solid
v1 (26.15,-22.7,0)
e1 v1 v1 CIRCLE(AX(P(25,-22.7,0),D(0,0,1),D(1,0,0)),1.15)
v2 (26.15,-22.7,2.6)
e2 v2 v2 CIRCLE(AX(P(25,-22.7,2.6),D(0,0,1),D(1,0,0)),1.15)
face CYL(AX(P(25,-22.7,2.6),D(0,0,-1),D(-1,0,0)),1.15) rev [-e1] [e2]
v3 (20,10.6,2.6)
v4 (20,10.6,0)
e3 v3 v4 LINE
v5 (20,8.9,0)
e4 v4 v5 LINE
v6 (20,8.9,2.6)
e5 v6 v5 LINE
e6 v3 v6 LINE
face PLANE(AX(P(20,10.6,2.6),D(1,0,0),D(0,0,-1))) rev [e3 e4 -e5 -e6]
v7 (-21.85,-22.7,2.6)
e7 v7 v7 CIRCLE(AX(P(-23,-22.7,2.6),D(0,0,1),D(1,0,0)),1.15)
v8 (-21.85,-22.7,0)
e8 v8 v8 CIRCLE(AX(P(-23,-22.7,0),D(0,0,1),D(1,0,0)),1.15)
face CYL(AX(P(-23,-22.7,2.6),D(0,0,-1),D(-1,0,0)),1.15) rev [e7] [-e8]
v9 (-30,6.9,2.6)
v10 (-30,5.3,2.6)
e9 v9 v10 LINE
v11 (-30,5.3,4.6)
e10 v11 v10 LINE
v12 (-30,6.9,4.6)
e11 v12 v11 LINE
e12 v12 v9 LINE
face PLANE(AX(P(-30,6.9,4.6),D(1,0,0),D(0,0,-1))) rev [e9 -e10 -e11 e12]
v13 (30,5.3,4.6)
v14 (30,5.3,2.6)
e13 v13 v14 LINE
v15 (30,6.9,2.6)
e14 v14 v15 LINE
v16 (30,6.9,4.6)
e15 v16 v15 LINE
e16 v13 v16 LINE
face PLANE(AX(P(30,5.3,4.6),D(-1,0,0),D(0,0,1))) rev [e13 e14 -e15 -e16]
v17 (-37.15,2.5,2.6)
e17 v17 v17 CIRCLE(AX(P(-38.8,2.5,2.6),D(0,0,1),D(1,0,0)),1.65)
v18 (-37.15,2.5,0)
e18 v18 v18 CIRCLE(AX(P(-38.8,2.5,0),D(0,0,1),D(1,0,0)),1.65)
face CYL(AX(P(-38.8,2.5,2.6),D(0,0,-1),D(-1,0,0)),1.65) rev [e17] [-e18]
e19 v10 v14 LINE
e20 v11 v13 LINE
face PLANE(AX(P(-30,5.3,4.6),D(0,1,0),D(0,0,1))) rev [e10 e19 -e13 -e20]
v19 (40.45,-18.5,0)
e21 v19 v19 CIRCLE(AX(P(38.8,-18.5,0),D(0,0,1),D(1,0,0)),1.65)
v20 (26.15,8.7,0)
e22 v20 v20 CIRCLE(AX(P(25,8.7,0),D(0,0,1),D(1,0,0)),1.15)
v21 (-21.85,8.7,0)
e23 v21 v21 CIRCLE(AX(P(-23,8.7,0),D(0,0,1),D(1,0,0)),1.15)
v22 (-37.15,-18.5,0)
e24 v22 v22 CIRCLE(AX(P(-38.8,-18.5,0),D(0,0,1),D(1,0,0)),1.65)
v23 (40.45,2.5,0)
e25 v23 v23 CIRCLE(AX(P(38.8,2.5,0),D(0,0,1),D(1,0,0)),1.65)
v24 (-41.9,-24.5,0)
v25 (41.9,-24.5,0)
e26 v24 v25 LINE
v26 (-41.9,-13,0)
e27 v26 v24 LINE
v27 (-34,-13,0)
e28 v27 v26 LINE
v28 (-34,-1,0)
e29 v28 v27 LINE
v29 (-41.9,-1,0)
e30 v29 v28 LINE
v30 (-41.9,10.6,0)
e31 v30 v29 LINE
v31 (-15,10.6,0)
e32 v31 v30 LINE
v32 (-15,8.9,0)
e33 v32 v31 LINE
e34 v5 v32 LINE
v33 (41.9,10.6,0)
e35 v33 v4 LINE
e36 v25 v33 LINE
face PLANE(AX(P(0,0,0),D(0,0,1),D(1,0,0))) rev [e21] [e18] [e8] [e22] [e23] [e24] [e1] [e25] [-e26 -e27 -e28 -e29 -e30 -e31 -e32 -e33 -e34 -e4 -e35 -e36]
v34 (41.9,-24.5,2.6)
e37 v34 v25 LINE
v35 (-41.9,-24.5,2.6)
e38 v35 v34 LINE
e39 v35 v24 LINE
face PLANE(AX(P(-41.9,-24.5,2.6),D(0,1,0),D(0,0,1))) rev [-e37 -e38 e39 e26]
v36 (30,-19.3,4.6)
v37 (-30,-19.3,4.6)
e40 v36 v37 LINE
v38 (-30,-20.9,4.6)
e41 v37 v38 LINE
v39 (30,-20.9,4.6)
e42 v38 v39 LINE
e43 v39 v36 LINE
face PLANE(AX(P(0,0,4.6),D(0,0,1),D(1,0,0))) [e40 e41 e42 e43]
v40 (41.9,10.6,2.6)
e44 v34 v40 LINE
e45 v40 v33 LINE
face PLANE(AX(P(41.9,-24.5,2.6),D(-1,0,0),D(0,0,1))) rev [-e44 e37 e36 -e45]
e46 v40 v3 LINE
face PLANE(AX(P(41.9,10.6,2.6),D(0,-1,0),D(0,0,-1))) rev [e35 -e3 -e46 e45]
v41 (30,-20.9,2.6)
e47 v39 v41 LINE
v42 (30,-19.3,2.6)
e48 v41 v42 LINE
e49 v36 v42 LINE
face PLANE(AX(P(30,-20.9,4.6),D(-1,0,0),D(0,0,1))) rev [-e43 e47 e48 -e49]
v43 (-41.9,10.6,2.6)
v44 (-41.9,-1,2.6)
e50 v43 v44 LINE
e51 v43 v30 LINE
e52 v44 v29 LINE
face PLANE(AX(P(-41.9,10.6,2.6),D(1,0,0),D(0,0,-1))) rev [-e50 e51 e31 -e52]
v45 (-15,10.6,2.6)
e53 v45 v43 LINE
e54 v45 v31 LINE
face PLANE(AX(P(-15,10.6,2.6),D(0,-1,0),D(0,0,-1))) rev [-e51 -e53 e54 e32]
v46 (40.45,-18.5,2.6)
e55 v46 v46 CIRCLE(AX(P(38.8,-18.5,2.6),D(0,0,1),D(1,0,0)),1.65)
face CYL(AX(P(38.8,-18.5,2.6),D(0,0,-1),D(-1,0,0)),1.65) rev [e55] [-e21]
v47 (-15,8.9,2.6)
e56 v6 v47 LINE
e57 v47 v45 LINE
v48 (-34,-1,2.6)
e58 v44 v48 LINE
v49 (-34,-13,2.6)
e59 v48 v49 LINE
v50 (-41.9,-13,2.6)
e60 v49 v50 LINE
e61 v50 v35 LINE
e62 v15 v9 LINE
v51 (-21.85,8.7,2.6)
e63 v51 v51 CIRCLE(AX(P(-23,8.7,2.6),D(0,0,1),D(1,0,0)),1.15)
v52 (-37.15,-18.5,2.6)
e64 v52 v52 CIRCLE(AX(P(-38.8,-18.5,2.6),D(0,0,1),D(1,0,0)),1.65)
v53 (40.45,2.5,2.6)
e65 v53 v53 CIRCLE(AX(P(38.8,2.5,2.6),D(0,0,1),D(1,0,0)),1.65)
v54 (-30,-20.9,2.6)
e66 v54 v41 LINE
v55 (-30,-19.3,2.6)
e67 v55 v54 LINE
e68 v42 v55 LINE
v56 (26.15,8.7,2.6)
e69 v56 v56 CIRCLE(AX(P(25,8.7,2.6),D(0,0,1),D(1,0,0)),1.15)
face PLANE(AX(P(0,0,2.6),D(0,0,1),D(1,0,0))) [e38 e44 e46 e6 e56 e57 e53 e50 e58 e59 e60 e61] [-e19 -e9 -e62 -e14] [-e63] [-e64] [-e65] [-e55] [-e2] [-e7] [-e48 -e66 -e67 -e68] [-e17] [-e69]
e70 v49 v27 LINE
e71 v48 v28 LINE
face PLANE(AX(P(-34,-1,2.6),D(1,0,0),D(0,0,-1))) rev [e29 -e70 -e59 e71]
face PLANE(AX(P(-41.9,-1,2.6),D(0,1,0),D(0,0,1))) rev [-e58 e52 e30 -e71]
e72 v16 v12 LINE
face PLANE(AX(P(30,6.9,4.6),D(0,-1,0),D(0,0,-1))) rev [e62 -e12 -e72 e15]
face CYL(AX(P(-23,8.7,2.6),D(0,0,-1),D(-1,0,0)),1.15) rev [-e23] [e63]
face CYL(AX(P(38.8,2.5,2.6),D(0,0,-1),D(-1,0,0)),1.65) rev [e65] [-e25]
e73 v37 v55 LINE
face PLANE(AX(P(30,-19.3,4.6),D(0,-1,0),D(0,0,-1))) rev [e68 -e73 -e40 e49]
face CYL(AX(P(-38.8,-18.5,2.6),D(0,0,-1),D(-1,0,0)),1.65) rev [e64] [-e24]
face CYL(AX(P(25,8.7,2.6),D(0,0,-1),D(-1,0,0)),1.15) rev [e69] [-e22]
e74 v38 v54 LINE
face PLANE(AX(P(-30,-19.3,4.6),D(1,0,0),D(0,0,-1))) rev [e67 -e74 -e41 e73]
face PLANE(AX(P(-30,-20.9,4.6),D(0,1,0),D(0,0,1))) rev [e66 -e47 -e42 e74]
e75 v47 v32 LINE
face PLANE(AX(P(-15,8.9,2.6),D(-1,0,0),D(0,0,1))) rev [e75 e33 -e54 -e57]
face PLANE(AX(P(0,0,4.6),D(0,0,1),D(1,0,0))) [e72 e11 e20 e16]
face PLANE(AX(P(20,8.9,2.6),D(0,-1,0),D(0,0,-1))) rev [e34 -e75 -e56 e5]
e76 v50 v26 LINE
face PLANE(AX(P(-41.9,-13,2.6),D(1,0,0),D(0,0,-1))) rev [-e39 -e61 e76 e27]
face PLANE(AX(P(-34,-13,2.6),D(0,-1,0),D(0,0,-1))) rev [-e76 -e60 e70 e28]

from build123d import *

# Parameters (mm, degrees)
F_2_6_MM_REMOVABLE_SHELF_WIRING_NOTC_2_R       = 1.65
F_2_6_MM_REMOVABLE_SHELF_WIRING_NOTC_2_R_2     = 1.15
F_2_6_MM_REMOVABLE_SHELF_WIRING_NOTCH_AN_DEPTH = 2.6
CONTROLLER_START                               = 2.6
CONTROLLER_BOARD_EDGE_RESTS_PROFILE_W          = 60
CONTROLLER_BOARD_EDGE_RESTS_PROFILE_H          = 1.6
CONTROLLER_BOARD_EDGE_RESTS_DEPTH              = 2


with BuildPart() as part:
    # 2.6 mm removable shelf - wiring notc 2 → 2.6 mm removable shelf - wiring notch an (new body)
    with BuildSketch(Plane.XY):
        Polygon((-41.9, -24.5), (41.9, -24.5), (41.9, 10.6), (20, 10.6), (20, 8.9), (-15, 8.9), (-15, 10.6), (-41.9, 10.6), (-41.9, -1), (-34, -1), (-34, -13), (-41.9, -13), align=None)
        with Locations((-38.8, -18.5)):
            Circle(F_2_6_MM_REMOVABLE_SHELF_WIRING_NOTC_2_R, mode=Mode.SUBTRACT)
        with Locations((38.8, -18.5)):
            Circle(F_2_6_MM_REMOVABLE_SHELF_WIRING_NOTC_2_R, mode=Mode.SUBTRACT)
        with Locations((-38.8, 2.5)):
            Circle(F_2_6_MM_REMOVABLE_SHELF_WIRING_NOTC_2_R, mode=Mode.SUBTRACT)
        with Locations((38.8, 2.5)):
            Circle(F_2_6_MM_REMOVABLE_SHELF_WIRING_NOTC_2_R, mode=Mode.SUBTRACT)
        with Locations((-23, -22.7)):
            Circle(F_2_6_MM_REMOVABLE_SHELF_WIRING_NOTC_2_R_2, mode=Mode.SUBTRACT)
        with Locations((25, -22.7)):
            Circle(F_2_6_MM_REMOVABLE_SHELF_WIRING_NOTC_2_R_2, mode=Mode.SUBTRACT)
        with Locations((-23, 8.7)):
            Circle(F_2_6_MM_REMOVABLE_SHELF_WIRING_NOTC_2_R_2, mode=Mode.SUBTRACT)
        with Locations((25, 8.7)):
            Circle(F_2_6_MM_REMOVABLE_SHELF_WIRING_NOTC_2_R_2, mode=Mode.SUBTRACT)
    extrude(amount=F_2_6_MM_REMOVABLE_SHELF_WIRING_NOTCH_AN_DEPTH)

    # Controller board edge rests profile → Controller board edge rests (add)
    with BuildSketch(Plane.XY.offset(CONTROLLER_START)):
        with Locations((0, -20.1)):
            Rectangle(CONTROLLER_BOARD_EDGE_RESTS_PROFILE_W, CONTROLLER_BOARD_EDGE_RESTS_PROFILE_H)
        with Locations((0, 6.1)):
            Rectangle(CONTROLLER_BOARD_EDGE_RESTS_PROFILE_W, CONTROLLER_BOARD_EDGE_RESTS_PROFILE_H)
    extrude(amount=CONTROLLER_BOARD_EDGE_RESTS_DEPTH)


solid = part.part
